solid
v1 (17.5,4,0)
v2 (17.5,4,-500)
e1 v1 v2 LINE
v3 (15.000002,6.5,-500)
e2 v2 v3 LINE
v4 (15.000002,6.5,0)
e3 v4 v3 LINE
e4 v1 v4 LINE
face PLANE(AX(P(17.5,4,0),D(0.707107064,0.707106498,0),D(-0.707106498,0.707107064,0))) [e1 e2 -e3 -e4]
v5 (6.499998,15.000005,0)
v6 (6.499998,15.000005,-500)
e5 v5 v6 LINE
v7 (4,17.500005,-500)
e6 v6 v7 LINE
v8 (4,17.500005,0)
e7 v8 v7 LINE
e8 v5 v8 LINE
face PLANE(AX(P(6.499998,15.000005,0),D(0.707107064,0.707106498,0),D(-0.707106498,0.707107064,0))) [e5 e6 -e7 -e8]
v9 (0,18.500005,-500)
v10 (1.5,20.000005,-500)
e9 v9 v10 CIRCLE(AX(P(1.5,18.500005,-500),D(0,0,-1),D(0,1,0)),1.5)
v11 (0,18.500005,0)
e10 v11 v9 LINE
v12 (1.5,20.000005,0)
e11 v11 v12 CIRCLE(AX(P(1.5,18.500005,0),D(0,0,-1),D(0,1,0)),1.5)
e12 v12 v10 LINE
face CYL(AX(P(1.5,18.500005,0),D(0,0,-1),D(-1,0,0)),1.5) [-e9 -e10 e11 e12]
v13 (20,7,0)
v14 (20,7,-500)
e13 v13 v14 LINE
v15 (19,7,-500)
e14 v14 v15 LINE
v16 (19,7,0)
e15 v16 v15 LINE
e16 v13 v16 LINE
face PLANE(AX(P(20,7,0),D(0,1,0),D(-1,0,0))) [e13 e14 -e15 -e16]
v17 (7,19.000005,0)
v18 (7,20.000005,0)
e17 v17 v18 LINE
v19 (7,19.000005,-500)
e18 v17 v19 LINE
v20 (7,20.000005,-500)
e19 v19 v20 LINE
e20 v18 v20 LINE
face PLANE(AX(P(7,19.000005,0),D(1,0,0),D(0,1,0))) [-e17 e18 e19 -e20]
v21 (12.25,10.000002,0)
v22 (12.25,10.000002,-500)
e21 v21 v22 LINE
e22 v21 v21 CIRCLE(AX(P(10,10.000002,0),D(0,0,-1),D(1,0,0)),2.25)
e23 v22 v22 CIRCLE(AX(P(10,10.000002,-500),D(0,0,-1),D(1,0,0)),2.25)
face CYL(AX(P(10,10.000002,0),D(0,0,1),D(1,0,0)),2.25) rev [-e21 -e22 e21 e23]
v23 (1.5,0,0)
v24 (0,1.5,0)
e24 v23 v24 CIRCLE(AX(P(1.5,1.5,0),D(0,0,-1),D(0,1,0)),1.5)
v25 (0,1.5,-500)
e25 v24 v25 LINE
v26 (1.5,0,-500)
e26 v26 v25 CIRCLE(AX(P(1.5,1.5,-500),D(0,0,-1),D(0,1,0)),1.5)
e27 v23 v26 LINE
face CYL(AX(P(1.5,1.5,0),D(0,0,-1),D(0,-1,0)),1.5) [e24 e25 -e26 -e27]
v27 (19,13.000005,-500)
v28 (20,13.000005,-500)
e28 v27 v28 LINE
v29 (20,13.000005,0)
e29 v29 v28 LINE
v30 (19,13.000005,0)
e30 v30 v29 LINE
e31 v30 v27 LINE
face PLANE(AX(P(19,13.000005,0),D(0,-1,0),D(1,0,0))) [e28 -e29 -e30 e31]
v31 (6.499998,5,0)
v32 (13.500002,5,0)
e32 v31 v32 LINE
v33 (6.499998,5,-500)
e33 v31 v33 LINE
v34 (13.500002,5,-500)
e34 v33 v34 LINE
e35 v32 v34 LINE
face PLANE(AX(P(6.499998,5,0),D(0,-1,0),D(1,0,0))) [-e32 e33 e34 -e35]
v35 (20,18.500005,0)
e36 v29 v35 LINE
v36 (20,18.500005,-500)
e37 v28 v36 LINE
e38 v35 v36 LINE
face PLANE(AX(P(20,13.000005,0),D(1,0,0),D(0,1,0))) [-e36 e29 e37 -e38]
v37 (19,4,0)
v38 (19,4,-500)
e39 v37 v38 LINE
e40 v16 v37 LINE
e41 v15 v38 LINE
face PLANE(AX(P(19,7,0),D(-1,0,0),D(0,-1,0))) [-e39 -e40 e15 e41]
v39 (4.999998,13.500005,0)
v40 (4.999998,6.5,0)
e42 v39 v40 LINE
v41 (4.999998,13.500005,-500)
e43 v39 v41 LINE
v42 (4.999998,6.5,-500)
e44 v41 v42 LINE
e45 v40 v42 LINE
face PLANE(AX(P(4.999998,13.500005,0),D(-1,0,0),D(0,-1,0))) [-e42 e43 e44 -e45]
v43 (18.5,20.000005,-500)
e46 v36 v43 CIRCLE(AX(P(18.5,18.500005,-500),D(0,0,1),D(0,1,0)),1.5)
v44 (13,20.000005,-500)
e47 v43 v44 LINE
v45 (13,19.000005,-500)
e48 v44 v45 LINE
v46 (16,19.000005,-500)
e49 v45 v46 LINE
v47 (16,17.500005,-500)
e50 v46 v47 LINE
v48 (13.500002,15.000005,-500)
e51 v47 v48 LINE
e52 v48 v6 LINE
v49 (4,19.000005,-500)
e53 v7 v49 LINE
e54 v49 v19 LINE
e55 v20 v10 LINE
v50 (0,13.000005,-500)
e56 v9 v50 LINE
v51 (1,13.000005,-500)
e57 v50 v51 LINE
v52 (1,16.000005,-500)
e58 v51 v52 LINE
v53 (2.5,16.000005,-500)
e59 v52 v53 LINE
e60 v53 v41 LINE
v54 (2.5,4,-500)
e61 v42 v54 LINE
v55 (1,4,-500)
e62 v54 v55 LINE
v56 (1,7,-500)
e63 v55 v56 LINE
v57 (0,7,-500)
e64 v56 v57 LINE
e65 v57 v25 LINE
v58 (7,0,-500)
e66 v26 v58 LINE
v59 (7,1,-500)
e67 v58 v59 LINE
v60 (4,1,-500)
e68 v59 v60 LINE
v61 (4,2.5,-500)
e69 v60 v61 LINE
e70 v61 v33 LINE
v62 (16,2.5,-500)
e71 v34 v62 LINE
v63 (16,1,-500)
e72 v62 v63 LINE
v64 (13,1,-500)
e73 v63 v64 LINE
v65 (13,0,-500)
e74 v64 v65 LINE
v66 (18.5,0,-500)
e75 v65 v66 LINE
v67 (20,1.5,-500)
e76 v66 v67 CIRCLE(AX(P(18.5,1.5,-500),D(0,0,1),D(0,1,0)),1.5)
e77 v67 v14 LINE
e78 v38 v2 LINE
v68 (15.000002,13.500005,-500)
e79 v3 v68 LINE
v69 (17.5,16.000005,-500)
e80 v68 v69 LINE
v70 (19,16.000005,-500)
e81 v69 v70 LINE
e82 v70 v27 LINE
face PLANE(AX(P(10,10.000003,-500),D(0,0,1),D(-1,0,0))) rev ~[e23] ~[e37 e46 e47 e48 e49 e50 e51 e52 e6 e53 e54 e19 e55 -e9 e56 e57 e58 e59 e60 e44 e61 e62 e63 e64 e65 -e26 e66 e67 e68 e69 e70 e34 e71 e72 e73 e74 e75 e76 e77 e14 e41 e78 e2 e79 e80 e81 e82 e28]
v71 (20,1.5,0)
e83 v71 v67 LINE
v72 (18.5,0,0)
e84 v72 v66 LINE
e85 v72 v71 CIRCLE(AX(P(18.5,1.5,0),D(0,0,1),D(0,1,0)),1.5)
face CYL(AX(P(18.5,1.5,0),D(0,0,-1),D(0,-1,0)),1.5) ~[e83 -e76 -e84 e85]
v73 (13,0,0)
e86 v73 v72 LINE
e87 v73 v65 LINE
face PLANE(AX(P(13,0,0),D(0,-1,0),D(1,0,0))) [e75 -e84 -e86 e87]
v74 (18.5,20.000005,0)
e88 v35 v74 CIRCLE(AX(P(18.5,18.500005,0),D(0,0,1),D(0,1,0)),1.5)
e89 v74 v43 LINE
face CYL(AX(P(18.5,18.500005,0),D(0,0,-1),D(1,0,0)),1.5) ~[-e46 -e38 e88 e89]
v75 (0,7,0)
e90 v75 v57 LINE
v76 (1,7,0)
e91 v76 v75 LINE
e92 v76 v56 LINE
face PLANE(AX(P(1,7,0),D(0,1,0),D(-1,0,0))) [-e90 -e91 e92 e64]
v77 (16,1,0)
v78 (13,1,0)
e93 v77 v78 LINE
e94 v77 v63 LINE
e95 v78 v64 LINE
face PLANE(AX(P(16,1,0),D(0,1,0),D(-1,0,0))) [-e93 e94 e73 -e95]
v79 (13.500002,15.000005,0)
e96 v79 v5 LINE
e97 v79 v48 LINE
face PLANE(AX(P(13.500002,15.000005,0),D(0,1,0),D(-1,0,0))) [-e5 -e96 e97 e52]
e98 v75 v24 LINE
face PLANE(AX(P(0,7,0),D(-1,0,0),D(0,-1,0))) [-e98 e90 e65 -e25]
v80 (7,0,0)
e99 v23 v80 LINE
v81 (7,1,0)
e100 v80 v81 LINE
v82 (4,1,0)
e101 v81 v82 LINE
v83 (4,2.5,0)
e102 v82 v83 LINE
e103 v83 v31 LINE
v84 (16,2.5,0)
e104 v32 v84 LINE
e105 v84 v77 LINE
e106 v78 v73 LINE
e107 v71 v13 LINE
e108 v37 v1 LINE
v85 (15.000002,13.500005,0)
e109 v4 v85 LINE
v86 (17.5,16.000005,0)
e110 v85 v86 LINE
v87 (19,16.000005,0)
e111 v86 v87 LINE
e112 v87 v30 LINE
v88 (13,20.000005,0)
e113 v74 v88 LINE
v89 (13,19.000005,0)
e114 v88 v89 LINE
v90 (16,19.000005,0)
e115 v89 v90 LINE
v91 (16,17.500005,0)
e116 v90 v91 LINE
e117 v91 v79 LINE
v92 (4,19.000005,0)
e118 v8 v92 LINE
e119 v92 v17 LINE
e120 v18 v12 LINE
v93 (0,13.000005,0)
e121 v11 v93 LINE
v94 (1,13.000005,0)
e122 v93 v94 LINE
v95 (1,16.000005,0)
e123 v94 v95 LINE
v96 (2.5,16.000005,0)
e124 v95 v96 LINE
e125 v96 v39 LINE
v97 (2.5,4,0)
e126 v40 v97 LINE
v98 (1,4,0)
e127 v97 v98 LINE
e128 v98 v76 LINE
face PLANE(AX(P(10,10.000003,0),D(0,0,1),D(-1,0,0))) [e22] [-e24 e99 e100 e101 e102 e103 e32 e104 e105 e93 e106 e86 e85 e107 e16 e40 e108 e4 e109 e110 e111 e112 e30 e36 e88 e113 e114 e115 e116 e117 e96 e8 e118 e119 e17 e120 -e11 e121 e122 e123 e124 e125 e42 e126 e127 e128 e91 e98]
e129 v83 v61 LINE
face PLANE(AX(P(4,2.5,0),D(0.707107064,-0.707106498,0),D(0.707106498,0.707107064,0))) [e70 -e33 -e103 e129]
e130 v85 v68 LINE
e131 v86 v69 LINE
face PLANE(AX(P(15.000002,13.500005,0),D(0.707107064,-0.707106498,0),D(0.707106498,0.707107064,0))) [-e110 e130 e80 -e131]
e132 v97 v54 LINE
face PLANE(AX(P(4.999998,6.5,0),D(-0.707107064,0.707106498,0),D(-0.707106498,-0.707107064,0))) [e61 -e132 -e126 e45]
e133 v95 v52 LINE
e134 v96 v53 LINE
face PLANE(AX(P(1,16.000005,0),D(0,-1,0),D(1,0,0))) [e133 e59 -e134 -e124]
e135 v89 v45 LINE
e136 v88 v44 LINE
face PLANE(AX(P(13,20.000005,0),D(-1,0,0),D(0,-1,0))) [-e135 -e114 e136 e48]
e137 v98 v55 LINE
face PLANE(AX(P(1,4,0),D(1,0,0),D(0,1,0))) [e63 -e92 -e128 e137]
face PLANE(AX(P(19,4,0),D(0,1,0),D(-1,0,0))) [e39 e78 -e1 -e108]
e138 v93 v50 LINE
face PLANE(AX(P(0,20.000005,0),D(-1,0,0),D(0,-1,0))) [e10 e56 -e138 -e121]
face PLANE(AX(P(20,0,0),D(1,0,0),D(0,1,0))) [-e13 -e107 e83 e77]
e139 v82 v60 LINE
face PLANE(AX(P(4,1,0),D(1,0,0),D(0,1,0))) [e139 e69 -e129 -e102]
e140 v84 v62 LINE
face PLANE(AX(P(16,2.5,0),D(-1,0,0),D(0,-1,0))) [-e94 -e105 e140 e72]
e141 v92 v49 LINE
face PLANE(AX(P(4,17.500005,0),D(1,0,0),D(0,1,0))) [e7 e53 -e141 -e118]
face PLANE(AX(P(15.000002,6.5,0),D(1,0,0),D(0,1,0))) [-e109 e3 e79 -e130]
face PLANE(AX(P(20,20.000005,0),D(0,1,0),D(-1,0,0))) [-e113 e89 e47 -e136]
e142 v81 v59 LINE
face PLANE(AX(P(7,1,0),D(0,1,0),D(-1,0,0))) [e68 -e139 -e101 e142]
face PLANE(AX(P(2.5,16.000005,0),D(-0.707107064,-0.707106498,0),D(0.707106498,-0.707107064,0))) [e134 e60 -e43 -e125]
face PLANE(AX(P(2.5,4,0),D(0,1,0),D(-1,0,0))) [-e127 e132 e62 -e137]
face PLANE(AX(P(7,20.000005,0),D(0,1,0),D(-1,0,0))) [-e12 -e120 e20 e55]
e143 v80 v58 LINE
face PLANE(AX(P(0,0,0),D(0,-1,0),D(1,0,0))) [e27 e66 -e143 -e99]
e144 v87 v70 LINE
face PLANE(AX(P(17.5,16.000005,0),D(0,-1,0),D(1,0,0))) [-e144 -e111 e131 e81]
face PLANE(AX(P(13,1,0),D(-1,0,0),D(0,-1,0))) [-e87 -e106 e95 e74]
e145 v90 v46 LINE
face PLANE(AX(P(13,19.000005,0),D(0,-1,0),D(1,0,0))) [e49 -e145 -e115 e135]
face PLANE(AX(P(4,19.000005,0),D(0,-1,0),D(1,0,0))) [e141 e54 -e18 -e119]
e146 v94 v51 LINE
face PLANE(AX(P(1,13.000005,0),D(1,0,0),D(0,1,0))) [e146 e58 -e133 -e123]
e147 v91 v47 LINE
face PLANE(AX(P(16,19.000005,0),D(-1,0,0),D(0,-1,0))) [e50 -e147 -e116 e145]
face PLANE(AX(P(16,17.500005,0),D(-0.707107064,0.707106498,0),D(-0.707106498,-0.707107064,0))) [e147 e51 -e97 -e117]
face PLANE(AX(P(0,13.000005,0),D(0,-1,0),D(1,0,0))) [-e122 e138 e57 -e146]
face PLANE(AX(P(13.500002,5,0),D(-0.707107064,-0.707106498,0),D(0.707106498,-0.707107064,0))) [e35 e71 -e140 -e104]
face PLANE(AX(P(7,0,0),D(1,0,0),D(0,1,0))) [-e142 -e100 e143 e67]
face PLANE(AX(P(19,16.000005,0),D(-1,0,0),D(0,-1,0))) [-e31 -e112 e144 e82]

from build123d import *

# Parameters (mm, degrees)
SKETCH_R  = 2.25
PAD_DEPTH = 500
FILLET_R  = 1.5


with BuildPart() as part:
    # Sketch → Pad (new body)
    with BuildSketch(Plane(origin=(0, 0, 0), x_dir=(1, 0, 0), z_dir=(0, 0, -1))):
        Polygon((7, 0), (7, -1), (4, -1), (4, -2.5), (6.499998, -5), (13.500002, -5), (16, -2.5), (16, -1), (13, -1), (13, 0), (20, 0), (20, -7), (19, -7), (19, -4), (17.5, -4), (15.000002, -6.5), (15.000002, -13.500005), (17.5, -16.000005), (19, -16.000005), (19, -13.000005), (20, -13.000005), (20, -20.000005), (13, -20.000005), (13, -19.000005), (16, -19.000005), (16, -17.500005), (13.500002, -15.000005), (6.499998, -15.000005), (4, -17.500005), (4, -19.000005), (7, -19.000005), (7, -20.000005), (0, -20.000005), (0, -13.000005), (1, -13.000005), (1, -16.000005), (2.5, -16.000005), (4.999998, -13.500005), (4.999998, -6.5), (2.5, -4), (1, -4), (1, -7), (0, -7), (0, 0), align=None)
        with Locations((10, -10.000002)):
            Circle(SKETCH_R, mode=Mode.SUBTRACT)
    extrude(amount=PAD_DEPTH)

    # Fillet
    fillet_edges = [part.edges().sort_by_distance(p)[0] for p in [
        (20, 20.000005, -250),
        (20, 0, -250),
        (0, 20.000005, -250),
        (0, 0, -250),
    ]]
    fillet(fillet_edges, radius=FILLET_R)


solid = part.part
